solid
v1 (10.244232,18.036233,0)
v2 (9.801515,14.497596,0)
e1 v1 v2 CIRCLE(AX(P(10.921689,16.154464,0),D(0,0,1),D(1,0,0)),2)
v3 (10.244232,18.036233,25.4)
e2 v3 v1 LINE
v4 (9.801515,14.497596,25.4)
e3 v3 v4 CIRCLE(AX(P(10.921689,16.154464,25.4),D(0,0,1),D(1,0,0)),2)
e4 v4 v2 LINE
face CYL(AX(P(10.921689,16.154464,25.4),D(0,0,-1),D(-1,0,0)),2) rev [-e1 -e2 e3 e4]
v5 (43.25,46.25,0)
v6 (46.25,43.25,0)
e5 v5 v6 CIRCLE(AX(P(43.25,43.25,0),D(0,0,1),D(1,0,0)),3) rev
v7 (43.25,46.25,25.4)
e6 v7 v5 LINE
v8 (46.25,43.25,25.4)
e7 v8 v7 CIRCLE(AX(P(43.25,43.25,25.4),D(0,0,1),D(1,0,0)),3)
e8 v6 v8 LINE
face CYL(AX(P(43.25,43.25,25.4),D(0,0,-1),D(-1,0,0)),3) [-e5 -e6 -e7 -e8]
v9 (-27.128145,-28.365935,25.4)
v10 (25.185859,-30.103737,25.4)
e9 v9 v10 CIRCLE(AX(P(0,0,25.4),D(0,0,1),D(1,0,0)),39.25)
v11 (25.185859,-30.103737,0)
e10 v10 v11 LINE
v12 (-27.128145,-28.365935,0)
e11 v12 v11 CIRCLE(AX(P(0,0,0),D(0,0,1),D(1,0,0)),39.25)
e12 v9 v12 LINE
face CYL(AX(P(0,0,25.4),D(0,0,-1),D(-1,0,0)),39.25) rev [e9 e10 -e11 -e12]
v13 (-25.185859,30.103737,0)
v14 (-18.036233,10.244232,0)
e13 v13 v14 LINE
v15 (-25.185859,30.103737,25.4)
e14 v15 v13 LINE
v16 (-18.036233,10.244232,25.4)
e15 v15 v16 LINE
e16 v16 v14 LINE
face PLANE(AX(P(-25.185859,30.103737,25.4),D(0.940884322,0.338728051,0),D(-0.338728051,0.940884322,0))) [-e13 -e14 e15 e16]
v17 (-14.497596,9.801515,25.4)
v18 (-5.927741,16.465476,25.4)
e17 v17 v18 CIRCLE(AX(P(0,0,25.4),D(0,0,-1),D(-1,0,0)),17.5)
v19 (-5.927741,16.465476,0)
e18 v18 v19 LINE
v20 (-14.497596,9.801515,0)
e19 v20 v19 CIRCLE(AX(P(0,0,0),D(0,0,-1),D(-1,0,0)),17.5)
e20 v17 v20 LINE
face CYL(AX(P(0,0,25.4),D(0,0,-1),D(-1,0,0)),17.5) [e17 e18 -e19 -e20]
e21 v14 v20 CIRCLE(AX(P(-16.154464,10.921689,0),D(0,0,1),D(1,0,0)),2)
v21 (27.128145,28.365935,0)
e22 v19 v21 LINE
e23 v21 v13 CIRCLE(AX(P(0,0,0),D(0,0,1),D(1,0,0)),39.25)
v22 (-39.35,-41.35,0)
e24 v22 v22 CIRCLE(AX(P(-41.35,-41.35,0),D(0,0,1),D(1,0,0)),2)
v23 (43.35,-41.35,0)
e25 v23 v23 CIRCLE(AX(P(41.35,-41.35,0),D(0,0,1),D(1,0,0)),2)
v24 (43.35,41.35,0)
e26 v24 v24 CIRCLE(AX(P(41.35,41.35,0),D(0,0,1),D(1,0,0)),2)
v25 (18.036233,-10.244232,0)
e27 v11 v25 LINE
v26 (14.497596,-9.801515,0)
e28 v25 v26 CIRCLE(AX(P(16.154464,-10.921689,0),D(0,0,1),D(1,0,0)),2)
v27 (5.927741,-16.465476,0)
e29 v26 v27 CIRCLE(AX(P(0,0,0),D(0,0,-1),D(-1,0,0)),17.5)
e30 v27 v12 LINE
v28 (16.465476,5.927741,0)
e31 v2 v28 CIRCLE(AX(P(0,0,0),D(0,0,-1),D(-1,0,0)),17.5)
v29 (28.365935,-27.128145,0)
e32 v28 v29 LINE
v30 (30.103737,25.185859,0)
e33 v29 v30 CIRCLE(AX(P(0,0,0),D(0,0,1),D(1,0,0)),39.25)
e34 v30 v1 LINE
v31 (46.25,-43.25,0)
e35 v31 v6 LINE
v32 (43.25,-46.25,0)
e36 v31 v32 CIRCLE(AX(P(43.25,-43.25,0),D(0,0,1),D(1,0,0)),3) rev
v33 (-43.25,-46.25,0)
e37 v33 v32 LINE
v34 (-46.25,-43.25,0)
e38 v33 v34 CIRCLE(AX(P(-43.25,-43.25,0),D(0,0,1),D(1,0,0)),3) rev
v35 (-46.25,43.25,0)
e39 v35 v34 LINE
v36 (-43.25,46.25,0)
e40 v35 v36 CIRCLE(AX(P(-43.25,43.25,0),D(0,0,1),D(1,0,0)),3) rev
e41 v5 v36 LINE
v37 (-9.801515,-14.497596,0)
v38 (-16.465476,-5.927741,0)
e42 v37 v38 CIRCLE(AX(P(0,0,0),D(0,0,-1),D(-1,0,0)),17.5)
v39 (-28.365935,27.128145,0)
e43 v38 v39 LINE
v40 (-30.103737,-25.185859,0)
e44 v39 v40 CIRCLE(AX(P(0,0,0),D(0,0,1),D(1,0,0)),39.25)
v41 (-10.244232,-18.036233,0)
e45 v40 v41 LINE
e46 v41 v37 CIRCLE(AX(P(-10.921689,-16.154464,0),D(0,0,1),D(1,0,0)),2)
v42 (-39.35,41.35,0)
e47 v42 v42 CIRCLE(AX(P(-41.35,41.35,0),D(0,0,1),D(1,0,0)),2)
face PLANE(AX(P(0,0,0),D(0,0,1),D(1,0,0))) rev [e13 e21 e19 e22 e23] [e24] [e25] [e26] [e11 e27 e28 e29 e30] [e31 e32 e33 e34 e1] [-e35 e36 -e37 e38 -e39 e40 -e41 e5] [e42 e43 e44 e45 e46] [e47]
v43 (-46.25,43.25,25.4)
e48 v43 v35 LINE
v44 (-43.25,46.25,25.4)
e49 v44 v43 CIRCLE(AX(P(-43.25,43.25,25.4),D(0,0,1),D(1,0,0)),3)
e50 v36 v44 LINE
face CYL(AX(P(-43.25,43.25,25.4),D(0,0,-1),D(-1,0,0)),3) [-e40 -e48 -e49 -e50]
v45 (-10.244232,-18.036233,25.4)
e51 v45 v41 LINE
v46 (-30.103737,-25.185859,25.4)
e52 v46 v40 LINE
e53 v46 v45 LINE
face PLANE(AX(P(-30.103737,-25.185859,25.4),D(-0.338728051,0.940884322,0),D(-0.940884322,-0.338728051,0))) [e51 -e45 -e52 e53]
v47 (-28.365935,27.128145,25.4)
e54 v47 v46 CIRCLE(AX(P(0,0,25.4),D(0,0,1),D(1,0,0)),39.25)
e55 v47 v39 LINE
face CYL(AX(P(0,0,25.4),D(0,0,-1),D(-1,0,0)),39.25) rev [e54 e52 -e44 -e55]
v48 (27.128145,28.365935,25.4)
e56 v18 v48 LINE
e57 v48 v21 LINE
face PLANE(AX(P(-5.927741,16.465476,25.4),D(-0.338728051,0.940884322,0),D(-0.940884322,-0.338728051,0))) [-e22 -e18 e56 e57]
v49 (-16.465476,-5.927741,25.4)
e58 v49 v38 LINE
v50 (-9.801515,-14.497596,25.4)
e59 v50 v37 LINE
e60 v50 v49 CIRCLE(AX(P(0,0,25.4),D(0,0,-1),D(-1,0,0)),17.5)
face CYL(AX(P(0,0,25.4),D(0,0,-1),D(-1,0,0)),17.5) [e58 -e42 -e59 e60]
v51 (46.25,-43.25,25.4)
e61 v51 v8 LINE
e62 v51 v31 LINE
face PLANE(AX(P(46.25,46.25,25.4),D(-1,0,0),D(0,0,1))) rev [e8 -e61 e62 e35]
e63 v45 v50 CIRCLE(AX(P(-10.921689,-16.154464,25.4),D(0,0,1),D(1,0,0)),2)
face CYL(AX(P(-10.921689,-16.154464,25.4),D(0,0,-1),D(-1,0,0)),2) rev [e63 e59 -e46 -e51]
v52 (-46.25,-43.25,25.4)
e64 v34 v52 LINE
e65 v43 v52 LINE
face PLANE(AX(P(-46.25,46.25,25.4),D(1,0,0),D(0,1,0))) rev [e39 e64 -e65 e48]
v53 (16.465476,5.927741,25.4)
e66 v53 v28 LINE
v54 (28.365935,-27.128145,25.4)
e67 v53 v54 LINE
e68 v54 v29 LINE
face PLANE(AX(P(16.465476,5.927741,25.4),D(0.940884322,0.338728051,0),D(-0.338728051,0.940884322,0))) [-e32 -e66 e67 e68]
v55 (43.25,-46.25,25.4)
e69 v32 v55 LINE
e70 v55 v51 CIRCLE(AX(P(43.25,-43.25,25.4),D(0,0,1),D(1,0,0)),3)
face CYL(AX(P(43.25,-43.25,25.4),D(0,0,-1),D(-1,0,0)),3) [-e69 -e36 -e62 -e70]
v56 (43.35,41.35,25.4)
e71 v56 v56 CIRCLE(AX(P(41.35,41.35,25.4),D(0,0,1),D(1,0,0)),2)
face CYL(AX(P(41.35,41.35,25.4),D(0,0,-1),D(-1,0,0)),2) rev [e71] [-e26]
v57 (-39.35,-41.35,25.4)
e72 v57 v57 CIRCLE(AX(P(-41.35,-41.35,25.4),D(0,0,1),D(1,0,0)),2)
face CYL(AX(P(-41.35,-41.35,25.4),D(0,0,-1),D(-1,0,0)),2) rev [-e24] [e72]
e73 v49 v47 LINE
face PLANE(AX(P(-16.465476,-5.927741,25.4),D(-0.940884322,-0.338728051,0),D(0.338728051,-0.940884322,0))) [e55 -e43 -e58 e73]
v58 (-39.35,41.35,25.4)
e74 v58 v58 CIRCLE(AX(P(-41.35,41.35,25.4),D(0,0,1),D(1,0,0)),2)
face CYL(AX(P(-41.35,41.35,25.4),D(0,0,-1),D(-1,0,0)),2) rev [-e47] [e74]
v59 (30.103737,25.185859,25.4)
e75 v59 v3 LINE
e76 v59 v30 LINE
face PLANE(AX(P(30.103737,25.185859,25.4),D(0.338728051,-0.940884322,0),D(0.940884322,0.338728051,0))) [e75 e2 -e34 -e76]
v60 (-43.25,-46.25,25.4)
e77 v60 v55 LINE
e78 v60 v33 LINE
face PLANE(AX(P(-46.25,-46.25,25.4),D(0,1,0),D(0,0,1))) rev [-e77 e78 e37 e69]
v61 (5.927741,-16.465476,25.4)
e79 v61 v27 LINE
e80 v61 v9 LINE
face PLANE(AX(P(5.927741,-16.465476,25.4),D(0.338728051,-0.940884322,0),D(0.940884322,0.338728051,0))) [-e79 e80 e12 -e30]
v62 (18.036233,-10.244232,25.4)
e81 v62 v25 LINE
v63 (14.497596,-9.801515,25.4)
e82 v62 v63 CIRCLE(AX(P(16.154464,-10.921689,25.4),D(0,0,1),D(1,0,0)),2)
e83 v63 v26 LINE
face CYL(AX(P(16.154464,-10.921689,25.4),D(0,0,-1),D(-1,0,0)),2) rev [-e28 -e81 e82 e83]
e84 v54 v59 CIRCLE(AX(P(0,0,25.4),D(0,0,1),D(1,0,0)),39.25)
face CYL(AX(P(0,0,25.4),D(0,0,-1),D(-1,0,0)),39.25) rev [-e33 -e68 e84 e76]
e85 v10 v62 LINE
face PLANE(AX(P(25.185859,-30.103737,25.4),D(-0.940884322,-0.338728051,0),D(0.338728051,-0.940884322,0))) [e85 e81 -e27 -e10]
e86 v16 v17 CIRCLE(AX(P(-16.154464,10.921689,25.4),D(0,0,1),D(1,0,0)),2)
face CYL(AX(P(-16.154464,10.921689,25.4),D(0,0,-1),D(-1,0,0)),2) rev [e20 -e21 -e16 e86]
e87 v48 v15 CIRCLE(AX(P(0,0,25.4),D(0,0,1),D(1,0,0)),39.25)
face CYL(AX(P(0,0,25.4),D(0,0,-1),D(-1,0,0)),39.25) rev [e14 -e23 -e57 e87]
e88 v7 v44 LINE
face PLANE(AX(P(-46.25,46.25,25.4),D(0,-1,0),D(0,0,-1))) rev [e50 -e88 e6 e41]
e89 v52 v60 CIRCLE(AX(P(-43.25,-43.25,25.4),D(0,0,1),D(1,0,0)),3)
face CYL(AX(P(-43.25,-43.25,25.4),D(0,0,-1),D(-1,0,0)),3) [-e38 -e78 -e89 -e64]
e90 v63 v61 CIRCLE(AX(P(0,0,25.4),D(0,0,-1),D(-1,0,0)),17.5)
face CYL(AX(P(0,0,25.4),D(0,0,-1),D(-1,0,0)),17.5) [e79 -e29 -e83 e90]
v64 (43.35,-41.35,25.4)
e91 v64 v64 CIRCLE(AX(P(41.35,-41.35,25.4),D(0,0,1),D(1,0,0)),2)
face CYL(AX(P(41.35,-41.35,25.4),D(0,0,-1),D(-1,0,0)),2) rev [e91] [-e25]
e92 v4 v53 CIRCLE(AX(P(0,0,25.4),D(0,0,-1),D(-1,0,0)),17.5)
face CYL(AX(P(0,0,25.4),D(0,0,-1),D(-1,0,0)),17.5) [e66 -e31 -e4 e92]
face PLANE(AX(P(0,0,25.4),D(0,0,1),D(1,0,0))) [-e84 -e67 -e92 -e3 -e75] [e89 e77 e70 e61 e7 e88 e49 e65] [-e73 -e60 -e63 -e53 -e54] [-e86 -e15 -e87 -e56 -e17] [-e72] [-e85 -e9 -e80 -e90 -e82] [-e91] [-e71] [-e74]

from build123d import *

# Parameters (mm, degrees)
SKETCH_1_W      = 92.5
SKETCH_1_H      = 92.5
SKETCH_1_R      = 2
EXTRUDE_1_DEPTH = 25.4
FILLET_2_R      = 3


with BuildPart() as part:
    # Эскиз1 → Бобышка-Вытянуть1 (new body)
    with BuildSketch(Plane.XY):
        Rectangle(SKETCH_1_W, SKETCH_1_H)
        with Locations((-41.35, 41.35)):
            Circle(SKETCH_1_R, mode=Mode.SUBTRACT)
        with Locations((-41.35, -41.35)):
            Circle(SKETCH_1_R, mode=Mode.SUBTRACT)
        with Locations((41.35, -41.35)):
            Circle(SKETCH_1_R, mode=Mode.SUBTRACT)
        with Locations((41.35, 41.35)):
            Circle(SKETCH_1_R, mode=Mode.SUBTRACT)
        with BuildLine():
            Line((30.103737124, 25.18585935), (10.244232434, 18.036233028))
            ThreePointArc((10.244232434, 18.036233028), (8.93715954, 16.402747815), (9.801515353, 14.497596242))
            ThreePointArc((9.801515353, 14.497596242), (13.81482208, 10.742471359), (16.465475636, 5.92774089))
            Line((16.465475636, 5.92774089), (28.365935027, -27.128144611))
            ThreePointArc((28.365935027, -27.128144611), (39.228362099, -1.303114362), (30.103737124, 25.18585935))
        make_face(mode=Mode.SUBTRACT)
        with BuildLine():
            Line((5.92774089, -16.465475636), (-27.128144611, -28.365935027))
            ThreePointArc((-27.128144611, -28.365935027), (-1.303114362, -39.228362099), (25.18585935, -30.103737124))
            Line((25.18585935, -30.103737124), (18.036233028, -10.244232434))
            ThreePointArc((18.036233028, -10.244232434), (16.402747815, -8.93715954), (14.497596242, -9.801515353))
            ThreePointArc((14.497596242, -9.801515353), (10.742471359, -13.81482208), (5.92774089, -16.465475636))
        make_face(mode=Mode.SUBTRACT)
        with BuildLine():
            Line((-16.465475636, -5.92774089), (-28.365935027, 27.128144611))
            ThreePointArc((-28.365935027, 27.128144611), (-39.228362099, 1.303114362), (-30.103737124, -25.18585935))
            Line((-30.103737124, -25.18585935), (-10.244232434, -18.036233028))
            ThreePointArc((-10.244232434, -18.036233028), (-8.93715954, -16.402747815), (-9.801515353, -14.497596242))
            ThreePointArc((-9.801515353, -14.497596242), (-13.81482208, -10.742471359), (-16.465475636, -5.92774089))
        make_face(mode=Mode.SUBTRACT)
        with BuildLine():
            Line((-5.92774089, 16.465475636), (27.128144611, 28.365935027))
            ThreePointArc((27.128144611, 28.365935027), (1.303114362, 39.228362099), (-25.18585935, 30.103737124))
            Line((-25.18585935, 30.103737124), (-18.036233028, 10.244232434))
            ThreePointArc((-18.036233028, 10.244232434), (-16.402747815, 8.93715954), (-14.497596242, 9.801515353))
            ThreePointArc((-14.497596242, 9.801515353), (-10.742471359, 13.81482208), (-5.92774089, 16.465475636))
        make_face(mode=Mode.SUBTRACT)
    extrude(amount=EXTRUDE_1_DEPTH)

    # Скругление2
    fillet_2_edges = [part.edges().sort_by_distance(p)[0] for p in [
        (-46.25, 46.25, 12.7),
        (46.25, 46.25, 12.7),
        (46.25, -46.25, 12.7),
        (-46.25, -46.25, 12.7),
    ]]
    fillet(fillet_2_edges, radius=FILLET_2_R)


solid = part.part
